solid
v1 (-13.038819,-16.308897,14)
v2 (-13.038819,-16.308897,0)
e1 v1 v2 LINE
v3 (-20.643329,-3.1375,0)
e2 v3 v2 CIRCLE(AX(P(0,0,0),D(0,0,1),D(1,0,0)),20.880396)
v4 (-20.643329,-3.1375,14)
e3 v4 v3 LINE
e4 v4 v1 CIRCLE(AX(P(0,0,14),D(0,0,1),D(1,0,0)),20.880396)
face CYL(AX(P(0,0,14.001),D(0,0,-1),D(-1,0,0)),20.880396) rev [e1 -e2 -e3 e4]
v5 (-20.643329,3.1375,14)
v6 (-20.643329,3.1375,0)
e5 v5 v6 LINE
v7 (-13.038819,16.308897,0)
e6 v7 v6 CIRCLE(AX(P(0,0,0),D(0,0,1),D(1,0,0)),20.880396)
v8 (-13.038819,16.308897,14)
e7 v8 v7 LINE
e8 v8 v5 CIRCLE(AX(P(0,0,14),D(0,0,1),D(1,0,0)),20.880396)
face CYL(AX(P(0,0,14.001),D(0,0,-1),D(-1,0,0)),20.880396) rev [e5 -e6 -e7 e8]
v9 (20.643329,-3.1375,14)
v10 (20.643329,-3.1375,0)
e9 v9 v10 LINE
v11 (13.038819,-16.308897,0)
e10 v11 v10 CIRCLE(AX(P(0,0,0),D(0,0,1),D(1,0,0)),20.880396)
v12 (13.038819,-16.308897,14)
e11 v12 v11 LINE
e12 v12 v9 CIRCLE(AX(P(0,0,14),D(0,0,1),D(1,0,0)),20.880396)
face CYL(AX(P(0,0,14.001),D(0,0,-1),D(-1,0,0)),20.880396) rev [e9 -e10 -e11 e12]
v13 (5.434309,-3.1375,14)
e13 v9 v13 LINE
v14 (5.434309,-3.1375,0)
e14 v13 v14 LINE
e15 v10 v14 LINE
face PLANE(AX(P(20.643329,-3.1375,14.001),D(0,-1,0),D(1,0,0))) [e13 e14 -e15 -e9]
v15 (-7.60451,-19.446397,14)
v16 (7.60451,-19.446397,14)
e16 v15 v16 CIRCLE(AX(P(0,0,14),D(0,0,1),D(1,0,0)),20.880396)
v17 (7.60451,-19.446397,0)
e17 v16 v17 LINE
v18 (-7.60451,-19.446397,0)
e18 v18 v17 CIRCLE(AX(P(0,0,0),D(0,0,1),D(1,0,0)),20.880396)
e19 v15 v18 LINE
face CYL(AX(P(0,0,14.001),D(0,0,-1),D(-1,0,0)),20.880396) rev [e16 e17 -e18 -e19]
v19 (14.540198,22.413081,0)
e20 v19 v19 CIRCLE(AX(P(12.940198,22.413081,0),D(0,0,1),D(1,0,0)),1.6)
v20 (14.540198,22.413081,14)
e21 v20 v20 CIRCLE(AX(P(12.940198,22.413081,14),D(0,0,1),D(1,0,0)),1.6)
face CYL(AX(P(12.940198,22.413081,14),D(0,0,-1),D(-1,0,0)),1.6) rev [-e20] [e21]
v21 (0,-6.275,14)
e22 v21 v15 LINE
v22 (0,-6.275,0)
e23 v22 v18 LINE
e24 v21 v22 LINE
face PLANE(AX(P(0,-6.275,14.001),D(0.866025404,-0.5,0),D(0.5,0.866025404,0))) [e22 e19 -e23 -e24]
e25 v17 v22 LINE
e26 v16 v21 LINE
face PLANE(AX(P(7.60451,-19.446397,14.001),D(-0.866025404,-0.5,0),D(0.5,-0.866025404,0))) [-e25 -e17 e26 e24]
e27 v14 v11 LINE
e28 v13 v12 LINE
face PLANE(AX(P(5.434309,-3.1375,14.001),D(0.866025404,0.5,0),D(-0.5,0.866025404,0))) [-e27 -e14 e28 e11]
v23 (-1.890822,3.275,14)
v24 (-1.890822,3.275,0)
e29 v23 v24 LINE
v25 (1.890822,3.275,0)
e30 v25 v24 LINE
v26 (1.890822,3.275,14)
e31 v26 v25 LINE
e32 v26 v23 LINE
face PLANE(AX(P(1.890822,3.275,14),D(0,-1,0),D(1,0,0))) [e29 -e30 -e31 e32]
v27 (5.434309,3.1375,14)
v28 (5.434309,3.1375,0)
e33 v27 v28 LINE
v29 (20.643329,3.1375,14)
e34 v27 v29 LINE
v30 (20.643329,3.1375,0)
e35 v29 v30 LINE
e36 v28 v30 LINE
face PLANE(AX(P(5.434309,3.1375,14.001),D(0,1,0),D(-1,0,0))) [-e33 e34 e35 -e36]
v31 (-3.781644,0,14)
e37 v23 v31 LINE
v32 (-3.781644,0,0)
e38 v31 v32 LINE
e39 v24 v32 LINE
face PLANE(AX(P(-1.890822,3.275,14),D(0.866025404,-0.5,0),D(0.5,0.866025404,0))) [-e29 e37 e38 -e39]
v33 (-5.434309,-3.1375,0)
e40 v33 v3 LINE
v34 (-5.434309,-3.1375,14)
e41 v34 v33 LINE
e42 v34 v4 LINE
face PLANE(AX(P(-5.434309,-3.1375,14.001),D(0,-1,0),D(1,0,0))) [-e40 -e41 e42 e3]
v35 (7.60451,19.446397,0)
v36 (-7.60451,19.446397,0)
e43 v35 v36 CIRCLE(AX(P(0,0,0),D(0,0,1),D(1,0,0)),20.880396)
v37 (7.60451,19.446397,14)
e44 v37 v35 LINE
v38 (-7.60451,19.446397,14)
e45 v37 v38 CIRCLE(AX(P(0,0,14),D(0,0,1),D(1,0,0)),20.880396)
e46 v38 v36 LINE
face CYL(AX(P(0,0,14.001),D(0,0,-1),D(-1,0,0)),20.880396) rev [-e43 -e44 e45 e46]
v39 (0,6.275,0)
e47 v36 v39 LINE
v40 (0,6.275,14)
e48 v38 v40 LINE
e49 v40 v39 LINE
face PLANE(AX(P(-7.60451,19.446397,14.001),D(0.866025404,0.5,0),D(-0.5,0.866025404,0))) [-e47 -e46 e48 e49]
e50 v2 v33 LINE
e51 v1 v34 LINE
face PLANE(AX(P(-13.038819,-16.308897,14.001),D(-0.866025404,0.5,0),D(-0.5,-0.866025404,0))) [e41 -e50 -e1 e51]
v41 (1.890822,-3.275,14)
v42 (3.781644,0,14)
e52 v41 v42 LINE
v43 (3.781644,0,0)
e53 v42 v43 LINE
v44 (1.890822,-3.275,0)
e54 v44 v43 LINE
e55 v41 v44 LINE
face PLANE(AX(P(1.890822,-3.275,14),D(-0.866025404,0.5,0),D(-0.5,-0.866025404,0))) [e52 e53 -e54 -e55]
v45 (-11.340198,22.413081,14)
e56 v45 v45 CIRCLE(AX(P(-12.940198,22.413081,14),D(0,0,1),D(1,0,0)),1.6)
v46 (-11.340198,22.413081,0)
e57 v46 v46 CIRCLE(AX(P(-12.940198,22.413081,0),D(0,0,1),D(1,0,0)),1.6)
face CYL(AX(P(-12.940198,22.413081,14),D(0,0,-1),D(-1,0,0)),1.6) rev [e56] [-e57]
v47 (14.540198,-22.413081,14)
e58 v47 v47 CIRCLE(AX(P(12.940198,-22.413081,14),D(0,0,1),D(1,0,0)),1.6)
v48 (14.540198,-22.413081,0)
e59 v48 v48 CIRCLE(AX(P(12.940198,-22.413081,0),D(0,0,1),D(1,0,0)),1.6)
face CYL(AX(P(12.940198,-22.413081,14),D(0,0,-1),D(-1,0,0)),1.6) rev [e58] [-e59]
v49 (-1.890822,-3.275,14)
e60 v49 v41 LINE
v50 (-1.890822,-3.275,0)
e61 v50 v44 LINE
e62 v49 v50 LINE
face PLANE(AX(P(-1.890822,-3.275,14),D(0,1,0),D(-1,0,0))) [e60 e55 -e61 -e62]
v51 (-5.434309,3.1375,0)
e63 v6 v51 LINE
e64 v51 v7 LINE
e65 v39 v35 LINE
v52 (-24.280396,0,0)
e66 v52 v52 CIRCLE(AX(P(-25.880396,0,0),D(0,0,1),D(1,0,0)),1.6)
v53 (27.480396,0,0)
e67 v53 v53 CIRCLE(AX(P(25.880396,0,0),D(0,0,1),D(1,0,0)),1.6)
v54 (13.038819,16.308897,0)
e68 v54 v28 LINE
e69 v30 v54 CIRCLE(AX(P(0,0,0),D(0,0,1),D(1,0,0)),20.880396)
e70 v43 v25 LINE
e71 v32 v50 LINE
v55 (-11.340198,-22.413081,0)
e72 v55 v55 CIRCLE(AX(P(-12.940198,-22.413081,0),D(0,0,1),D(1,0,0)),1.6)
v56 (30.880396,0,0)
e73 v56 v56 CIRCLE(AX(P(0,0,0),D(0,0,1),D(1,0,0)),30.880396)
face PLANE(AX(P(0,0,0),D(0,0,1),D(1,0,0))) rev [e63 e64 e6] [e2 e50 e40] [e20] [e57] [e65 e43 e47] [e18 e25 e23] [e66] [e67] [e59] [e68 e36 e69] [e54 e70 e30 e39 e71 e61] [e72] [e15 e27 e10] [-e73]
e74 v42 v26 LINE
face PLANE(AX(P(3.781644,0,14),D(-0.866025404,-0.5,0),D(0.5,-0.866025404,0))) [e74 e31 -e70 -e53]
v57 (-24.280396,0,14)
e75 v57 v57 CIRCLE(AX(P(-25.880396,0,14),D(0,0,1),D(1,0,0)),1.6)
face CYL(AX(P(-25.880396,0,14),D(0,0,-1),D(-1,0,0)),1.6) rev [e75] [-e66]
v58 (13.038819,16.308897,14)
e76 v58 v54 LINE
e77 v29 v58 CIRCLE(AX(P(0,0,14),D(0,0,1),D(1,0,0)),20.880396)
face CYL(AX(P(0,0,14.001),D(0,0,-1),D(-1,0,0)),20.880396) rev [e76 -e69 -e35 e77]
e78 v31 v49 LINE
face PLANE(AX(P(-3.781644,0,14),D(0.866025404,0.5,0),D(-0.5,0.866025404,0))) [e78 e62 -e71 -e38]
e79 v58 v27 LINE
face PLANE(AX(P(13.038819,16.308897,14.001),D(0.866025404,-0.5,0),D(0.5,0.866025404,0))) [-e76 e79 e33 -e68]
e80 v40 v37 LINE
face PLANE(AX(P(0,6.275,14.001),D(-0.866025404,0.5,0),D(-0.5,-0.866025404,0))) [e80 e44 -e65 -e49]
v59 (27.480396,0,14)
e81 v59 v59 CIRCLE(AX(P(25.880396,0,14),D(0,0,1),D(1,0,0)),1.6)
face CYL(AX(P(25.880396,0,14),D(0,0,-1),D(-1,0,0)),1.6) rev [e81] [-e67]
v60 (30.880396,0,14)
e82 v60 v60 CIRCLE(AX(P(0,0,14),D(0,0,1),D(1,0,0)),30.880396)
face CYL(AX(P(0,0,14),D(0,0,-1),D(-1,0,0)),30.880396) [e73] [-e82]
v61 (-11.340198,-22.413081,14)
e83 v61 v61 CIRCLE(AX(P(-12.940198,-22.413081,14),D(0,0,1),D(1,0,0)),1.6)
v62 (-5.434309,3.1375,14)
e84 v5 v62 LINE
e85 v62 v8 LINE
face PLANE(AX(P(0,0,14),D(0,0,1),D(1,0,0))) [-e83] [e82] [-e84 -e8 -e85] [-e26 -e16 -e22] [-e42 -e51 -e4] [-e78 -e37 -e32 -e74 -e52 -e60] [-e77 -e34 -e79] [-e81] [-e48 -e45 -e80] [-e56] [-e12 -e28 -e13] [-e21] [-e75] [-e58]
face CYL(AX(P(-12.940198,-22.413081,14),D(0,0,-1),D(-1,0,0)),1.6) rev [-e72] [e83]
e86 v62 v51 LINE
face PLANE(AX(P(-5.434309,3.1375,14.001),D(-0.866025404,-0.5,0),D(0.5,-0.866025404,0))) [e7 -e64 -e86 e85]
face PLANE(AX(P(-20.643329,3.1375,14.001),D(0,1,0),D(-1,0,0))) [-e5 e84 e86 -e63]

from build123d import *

# Parameters (mm, degrees)
SKETCH2_R             = 30.880396168
HUB_DEPTH             = 14
SKETCH4_R             = 1.6
AXLE_AND_SCREWS_DEPTH = 46.860633827
RIBS_REACH            = 47.861


with BuildPart() as part:
    # Sketch2 → Hub (new body)
    with BuildSketch(Plane.XY):
        Circle(SKETCH2_R)
    extrude(amount=HUB_DEPTH)

    # Sketch4 → Axle and screws (cut, through all)
    with BuildSketch(Plane.XY):
        with Locations((12.940198084, -22.413080541)):
            Circle(SKETCH4_R)
        with Locations((-12.940198084, -22.413080541)):
            Circle(SKETCH4_R)
        with Locations((-25.880396168, 0)):
            Circle(SKETCH4_R)
        with Locations((-12.940198084, 22.413080541)):
            Circle(SKETCH4_R)
        with Locations((12.940198084, 22.413080541)):
            Circle(SKETCH4_R)
        with Locations((25.880396168, 0)):
            Circle(SKETCH4_R)
        Polygon((-1.890822132, -3.275), (1.890822132, -3.275), (3.781644263, 0), (1.890822132, 3.275), (-1.890822132, 3.275), (-3.781644263, 0), align=None)
    extrude(amount=AXLE_AND_SCREWS_DEPTH, mode=Mode.SUBTRACT)

    # Sketch5 → Ribs (cut, up to next)
    with BuildSketch(Plane.XY, mode=Mode.PRIVATE) as ribs_sk1:
        with BuildLine():
            Line((-5.434309409, -3.1375), (-20.643329137, -3.1375))
            ThreePointArc((-20.643329137, -3.1375), (-18.082953522, -10.440198084), (-13.038819273, -16.308897452))
            Line((-13.038819273, -16.308897452), (-5.434309409, -3.1375))
        make_face()
    ribs_tool1 = extrude(ribs_sk1.sketch, amount=RIBS_REACH, mode=Mode.PRIVATE) & part.part
    # Sketch5 → Ribs (cut, up to next)
    with BuildSketch(Plane.XY, mode=Mode.PRIVATE) as ribs_sk2:
        with BuildLine():
            Line((0, -6.275), (-7.604509864, -19.446397452))
            ThreePointArc((-7.604509864, -19.446397452), (0, -20.880396168), (7.604509864, -19.446397452))
            Line((7.604509864, -19.446397452), (0, -6.275))
        make_face()
    ribs_tool2 = extrude(ribs_sk2.sketch, amount=RIBS_REACH, mode=Mode.PRIVATE) & part.part
    # Sketch5 → Ribs (cut, up to next)
    with BuildSketch(Plane.XY, mode=Mode.PRIVATE) as ribs_sk3:
        with BuildLine():
            Line((5.434309409, -3.1375), (13.038819273, -16.308897452))
            ThreePointArc((13.038819273, -16.308897452), (18.082953522, -10.440198084), (20.643329137, -3.1375))
            Line((20.643329137, -3.1375), (5.434309409, -3.1375))
        make_face()
    ribs_tool3 = extrude(ribs_sk3.sketch, amount=RIBS_REACH, mode=Mode.PRIVATE) & part.part
    # Sketch5 → Ribs (cut, up to next)
    with BuildSketch(Plane.XY, mode=Mode.PRIVATE) as ribs_sk4:
        with BuildLine():
            Line((5.434309409, 3.1375), (20.643329137, 3.1375))
            ThreePointArc((20.643329137, 3.1375), (18.082953522, 10.440198084), (13.038819273, 16.308897452))
            Line((13.038819273, 16.308897452), (5.434309409, 3.1375))
        make_face()
    ribs_tool4 = extrude(ribs_sk4.sketch, amount=RIBS_REACH, mode=Mode.PRIVATE) & part.part
    # Sketch5 → Ribs (cut, up to next)
    with BuildSketch(Plane.XY, mode=Mode.PRIVATE) as ribs_sk5:
        with BuildLine():
            Line((-20.643329137, 3.1375), (-5.434309409, 3.1375))
            Line((-5.434309409, 3.1375), (-13.038819273, 16.308897452))
            ThreePointArc((-13.038819273, 16.308897452), (-18.082953522, 10.440198084), (-20.643329137, 3.1375))
        make_face()
    ribs_tool5 = extrude(ribs_sk5.sketch, amount=RIBS_REACH, mode=Mode.PRIVATE) & part.part
    # Sketch5 → Ribs (cut, up to next)
    with BuildSketch(Plane.XY, mode=Mode.PRIVATE) as ribs_sk6:
        with BuildLine():
            Line((0, 6.275), (7.604509864, 19.446397452))
            ThreePointArc((7.604509864, 19.446397452), (0, 20.880396168), (-7.604509864, 19.446397452))
            Line((-7.604509864, 19.446397452), (0, 6.275))
        make_face()
    ribs_tool6 = extrude(ribs_sk6.sketch, amount=RIBS_REACH, mode=Mode.PRIVATE) & part.part
    add(ribs_tool1.solids().sort_by_distance((-13.587324, -7.844645, 0))[0], mode=Mode.SUBTRACT)
    add(ribs_tool2.solids().sort_by_distance((0, -15.68929, 0))[0], mode=Mode.SUBTRACT)
    add(ribs_tool3.solids().sort_by_distance((13.587324, -7.844645, 0))[0], mode=Mode.SUBTRACT)
    add(ribs_tool4.solids().sort_by_distance((13.587324, 7.844645, 0))[0], mode=Mode.SUBTRACT)
    add(ribs_tool5.solids().sort_by_distance((-13.587324, 7.844645, 0))[0], mode=Mode.SUBTRACT)
    add(ribs_tool6.solids().sort_by_distance((0, 15.68929, 0))[0], mode=Mode.SUBTRACT)


solid = part.part
